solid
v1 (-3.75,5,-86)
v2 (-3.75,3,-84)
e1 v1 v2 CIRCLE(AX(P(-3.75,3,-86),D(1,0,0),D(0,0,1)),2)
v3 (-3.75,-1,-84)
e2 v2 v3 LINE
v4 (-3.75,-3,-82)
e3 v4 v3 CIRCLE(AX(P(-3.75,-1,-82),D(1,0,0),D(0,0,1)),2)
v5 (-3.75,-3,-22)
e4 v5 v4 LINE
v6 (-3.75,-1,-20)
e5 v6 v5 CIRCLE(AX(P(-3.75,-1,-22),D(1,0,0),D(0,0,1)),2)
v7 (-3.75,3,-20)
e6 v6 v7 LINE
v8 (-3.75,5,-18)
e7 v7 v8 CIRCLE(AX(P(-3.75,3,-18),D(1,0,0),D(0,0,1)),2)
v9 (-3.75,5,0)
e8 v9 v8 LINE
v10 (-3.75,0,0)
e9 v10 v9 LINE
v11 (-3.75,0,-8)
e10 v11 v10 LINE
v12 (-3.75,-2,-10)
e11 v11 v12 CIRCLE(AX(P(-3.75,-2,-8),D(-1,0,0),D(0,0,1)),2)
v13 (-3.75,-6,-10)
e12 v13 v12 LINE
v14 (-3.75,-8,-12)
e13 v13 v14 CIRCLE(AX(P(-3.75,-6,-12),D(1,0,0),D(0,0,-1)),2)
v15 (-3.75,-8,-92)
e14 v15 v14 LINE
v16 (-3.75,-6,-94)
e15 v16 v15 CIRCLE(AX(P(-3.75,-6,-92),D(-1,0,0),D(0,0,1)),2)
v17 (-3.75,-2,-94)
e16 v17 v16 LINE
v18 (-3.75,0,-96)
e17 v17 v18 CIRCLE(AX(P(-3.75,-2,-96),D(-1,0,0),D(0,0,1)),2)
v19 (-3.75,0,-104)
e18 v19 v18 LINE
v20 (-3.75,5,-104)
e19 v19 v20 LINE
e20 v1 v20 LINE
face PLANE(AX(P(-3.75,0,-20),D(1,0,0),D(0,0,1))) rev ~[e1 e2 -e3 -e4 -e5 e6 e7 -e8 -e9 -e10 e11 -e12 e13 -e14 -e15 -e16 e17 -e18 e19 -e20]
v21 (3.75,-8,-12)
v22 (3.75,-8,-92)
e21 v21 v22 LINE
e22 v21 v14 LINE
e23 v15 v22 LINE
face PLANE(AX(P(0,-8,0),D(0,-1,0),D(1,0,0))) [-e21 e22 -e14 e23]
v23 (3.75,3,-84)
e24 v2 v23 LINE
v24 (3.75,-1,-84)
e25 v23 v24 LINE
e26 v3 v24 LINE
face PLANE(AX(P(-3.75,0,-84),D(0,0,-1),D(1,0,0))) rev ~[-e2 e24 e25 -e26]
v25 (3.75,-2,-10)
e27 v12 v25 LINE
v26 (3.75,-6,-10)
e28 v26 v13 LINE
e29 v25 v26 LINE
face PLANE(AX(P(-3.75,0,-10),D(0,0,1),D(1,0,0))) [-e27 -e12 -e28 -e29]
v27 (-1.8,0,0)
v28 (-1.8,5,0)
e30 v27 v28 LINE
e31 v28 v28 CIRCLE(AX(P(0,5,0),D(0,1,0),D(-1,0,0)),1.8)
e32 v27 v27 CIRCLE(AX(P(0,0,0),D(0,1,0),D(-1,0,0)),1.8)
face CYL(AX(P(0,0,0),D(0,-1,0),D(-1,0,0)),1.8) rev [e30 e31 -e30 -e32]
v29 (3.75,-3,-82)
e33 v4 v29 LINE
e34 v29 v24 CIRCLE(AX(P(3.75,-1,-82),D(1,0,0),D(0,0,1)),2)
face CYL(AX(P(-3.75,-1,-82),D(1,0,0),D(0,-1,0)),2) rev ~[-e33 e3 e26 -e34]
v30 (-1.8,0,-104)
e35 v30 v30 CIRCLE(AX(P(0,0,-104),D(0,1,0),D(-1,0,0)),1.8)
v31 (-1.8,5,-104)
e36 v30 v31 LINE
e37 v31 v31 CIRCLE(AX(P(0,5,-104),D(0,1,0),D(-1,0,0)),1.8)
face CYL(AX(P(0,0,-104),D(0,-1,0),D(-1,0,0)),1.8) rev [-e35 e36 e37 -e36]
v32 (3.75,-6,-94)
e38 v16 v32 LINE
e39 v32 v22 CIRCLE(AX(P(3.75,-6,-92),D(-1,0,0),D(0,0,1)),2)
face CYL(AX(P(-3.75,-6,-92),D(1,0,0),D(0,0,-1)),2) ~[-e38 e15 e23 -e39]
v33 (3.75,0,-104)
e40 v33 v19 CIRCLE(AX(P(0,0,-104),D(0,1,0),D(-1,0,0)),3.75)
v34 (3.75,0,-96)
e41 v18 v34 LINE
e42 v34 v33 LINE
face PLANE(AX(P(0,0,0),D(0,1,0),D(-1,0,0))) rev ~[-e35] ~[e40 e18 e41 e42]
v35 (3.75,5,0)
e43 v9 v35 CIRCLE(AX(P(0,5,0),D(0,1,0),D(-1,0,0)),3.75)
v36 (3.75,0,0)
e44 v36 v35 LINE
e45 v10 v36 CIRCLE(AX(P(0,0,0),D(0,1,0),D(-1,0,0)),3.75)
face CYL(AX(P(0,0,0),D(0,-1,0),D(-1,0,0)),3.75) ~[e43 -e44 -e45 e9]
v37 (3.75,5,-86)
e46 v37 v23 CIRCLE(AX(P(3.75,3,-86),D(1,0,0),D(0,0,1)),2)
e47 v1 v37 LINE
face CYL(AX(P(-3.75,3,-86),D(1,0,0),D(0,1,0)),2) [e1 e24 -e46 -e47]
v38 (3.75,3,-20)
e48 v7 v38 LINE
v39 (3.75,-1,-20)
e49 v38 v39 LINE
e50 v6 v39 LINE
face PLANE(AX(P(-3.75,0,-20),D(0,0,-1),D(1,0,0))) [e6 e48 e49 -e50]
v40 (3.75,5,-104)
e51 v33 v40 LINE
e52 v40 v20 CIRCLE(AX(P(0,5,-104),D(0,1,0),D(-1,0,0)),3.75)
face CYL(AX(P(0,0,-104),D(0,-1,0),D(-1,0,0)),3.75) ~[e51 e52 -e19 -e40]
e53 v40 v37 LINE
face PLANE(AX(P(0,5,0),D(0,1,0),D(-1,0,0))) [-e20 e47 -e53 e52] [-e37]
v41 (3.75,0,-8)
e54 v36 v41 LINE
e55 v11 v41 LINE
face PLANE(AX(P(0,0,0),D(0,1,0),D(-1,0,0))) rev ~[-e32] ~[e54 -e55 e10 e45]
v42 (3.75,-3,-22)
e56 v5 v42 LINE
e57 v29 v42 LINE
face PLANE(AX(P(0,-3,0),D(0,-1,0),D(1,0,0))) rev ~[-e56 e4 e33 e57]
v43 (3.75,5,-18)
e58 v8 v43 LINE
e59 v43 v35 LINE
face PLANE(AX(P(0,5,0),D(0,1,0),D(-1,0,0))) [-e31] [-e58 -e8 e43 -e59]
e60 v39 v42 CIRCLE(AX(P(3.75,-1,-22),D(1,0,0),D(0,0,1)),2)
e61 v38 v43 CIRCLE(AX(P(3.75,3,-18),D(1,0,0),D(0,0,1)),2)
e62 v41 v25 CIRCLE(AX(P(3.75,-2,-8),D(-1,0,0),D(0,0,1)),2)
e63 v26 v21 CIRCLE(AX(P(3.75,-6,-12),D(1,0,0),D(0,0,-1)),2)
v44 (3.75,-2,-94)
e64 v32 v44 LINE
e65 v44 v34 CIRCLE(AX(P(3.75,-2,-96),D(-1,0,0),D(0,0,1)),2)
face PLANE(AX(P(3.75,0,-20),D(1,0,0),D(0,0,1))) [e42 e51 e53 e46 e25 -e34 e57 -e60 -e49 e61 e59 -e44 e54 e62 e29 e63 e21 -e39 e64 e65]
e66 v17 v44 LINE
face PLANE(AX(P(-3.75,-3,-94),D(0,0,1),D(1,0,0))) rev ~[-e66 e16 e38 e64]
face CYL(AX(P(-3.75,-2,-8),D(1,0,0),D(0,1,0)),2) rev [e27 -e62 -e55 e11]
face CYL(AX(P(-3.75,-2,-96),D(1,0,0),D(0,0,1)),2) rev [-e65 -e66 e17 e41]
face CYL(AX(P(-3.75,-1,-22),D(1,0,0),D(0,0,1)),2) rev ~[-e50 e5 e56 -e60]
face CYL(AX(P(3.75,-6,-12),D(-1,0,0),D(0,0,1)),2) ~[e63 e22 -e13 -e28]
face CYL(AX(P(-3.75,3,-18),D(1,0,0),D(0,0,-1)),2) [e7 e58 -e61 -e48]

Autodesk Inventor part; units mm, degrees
ref_plane "YZ Plane" through (0, 0, 0) normal (1, 0, 0) x (0, 1, 0)
ref_plane "XZ Plane" through (0, 0, 0) normal (0, 1, 0) x (-1, 0, 0)
ref_plane "XY Plane" through (0, 0, 0) normal (0, 0, 1) x (1, 0, 0)
sketch "草圖1" plane through (0, 0, 0) normal (0, 1, 0) x (-1, 0, 0)
  circle A0 centre (0, 0) radius 1.8
  line L0 (0, 0) -> (0, -104) construction
  circle A1 centre (0, -104) radius 1.8
  line L1 (0, -52) -> (-17, -52) construction
  circle A2 centre (0, -104) radius 3.75
  circle A3 centre (0, 0) radius 3.75
  line L2 (-3.75, -104) -> (-3.75, 0)
  line L3 (3.75, -104) -> (3.75, 0)
  line L4 (0, 0) -> (0, -20) construction
  line L5 (0, -104) -> (0, -84) construction
  line L6 (3.75, -84) -> (-3.75, -84)
  line L7 (3.75, -20) -> (-3.75, -20)
  line L8 (0, -20) -> (0, -30) construction
  line L9 (0, -84) -> (0, -74) construction
  line L10 (0, -20) -> (0, -10) construction
  line L11 (0, -84) -> (0, -94) construction
  line L12 (3.75, -94) -> (-3.75, -94)
  line L13 (3.75, -10) -> (-3.75, -10)
  dimension "d0" = 3.6
  dimension "d1" = 104
  dimension "d2" = 3.6
  dimension "d7" = 17
  dimension "d18" = 7.5
  dimension "d19" = 7.5
  dimension "d25" = 20
  dimension "d26" = 20
  dimension "d29" = 10
extrude "Extrusion5" add sketch "草圖1" along normal blind 5 contours A2 | A2 L2 L12 L3 | L12 L2 L6 L3 | L7 L2 L13 L3 | L13 L2 A3 L3 | A3
fillet "Fillet4" radius 2 2 edges at (0, 5, -20) (0, 5, -84)
extrude "Extrusion7" add sketch "草圖1" against normal blind 3 contours L12 L2 L6 L3 | L7 L2 L13 L3
sketch "Sketch2" plane through (0, -3, 0) normal (0, -1, 0) x (1, 0, 0)
  line L0 (3.75, -104) -> (3.75, 0) projected
  line L1 (-3.75, -104) -> (-3.75, 0) projected
  line L2 (-3.75, -20) -> (3.75, -20) projected
  line L3 (3.75, -10) -> (-3.75, -10) projected
  line L4 (3.75, -84) -> (-3.75, -84) projected
  line L5 (-3.75, -94) -> (3.75, -94) projected
  point P0 (0, 0)
extrude "Extrusion8" add sketch "Sketch2" along normal blind 5
fillet "Fillet5" radius 2 6 edges at (0, -8, -94) (0, -8, -10) (0, 0, -10) (0, -3, -20) (0, -3, -84) (0, 0, -94)
properties part number "防傾桿"
